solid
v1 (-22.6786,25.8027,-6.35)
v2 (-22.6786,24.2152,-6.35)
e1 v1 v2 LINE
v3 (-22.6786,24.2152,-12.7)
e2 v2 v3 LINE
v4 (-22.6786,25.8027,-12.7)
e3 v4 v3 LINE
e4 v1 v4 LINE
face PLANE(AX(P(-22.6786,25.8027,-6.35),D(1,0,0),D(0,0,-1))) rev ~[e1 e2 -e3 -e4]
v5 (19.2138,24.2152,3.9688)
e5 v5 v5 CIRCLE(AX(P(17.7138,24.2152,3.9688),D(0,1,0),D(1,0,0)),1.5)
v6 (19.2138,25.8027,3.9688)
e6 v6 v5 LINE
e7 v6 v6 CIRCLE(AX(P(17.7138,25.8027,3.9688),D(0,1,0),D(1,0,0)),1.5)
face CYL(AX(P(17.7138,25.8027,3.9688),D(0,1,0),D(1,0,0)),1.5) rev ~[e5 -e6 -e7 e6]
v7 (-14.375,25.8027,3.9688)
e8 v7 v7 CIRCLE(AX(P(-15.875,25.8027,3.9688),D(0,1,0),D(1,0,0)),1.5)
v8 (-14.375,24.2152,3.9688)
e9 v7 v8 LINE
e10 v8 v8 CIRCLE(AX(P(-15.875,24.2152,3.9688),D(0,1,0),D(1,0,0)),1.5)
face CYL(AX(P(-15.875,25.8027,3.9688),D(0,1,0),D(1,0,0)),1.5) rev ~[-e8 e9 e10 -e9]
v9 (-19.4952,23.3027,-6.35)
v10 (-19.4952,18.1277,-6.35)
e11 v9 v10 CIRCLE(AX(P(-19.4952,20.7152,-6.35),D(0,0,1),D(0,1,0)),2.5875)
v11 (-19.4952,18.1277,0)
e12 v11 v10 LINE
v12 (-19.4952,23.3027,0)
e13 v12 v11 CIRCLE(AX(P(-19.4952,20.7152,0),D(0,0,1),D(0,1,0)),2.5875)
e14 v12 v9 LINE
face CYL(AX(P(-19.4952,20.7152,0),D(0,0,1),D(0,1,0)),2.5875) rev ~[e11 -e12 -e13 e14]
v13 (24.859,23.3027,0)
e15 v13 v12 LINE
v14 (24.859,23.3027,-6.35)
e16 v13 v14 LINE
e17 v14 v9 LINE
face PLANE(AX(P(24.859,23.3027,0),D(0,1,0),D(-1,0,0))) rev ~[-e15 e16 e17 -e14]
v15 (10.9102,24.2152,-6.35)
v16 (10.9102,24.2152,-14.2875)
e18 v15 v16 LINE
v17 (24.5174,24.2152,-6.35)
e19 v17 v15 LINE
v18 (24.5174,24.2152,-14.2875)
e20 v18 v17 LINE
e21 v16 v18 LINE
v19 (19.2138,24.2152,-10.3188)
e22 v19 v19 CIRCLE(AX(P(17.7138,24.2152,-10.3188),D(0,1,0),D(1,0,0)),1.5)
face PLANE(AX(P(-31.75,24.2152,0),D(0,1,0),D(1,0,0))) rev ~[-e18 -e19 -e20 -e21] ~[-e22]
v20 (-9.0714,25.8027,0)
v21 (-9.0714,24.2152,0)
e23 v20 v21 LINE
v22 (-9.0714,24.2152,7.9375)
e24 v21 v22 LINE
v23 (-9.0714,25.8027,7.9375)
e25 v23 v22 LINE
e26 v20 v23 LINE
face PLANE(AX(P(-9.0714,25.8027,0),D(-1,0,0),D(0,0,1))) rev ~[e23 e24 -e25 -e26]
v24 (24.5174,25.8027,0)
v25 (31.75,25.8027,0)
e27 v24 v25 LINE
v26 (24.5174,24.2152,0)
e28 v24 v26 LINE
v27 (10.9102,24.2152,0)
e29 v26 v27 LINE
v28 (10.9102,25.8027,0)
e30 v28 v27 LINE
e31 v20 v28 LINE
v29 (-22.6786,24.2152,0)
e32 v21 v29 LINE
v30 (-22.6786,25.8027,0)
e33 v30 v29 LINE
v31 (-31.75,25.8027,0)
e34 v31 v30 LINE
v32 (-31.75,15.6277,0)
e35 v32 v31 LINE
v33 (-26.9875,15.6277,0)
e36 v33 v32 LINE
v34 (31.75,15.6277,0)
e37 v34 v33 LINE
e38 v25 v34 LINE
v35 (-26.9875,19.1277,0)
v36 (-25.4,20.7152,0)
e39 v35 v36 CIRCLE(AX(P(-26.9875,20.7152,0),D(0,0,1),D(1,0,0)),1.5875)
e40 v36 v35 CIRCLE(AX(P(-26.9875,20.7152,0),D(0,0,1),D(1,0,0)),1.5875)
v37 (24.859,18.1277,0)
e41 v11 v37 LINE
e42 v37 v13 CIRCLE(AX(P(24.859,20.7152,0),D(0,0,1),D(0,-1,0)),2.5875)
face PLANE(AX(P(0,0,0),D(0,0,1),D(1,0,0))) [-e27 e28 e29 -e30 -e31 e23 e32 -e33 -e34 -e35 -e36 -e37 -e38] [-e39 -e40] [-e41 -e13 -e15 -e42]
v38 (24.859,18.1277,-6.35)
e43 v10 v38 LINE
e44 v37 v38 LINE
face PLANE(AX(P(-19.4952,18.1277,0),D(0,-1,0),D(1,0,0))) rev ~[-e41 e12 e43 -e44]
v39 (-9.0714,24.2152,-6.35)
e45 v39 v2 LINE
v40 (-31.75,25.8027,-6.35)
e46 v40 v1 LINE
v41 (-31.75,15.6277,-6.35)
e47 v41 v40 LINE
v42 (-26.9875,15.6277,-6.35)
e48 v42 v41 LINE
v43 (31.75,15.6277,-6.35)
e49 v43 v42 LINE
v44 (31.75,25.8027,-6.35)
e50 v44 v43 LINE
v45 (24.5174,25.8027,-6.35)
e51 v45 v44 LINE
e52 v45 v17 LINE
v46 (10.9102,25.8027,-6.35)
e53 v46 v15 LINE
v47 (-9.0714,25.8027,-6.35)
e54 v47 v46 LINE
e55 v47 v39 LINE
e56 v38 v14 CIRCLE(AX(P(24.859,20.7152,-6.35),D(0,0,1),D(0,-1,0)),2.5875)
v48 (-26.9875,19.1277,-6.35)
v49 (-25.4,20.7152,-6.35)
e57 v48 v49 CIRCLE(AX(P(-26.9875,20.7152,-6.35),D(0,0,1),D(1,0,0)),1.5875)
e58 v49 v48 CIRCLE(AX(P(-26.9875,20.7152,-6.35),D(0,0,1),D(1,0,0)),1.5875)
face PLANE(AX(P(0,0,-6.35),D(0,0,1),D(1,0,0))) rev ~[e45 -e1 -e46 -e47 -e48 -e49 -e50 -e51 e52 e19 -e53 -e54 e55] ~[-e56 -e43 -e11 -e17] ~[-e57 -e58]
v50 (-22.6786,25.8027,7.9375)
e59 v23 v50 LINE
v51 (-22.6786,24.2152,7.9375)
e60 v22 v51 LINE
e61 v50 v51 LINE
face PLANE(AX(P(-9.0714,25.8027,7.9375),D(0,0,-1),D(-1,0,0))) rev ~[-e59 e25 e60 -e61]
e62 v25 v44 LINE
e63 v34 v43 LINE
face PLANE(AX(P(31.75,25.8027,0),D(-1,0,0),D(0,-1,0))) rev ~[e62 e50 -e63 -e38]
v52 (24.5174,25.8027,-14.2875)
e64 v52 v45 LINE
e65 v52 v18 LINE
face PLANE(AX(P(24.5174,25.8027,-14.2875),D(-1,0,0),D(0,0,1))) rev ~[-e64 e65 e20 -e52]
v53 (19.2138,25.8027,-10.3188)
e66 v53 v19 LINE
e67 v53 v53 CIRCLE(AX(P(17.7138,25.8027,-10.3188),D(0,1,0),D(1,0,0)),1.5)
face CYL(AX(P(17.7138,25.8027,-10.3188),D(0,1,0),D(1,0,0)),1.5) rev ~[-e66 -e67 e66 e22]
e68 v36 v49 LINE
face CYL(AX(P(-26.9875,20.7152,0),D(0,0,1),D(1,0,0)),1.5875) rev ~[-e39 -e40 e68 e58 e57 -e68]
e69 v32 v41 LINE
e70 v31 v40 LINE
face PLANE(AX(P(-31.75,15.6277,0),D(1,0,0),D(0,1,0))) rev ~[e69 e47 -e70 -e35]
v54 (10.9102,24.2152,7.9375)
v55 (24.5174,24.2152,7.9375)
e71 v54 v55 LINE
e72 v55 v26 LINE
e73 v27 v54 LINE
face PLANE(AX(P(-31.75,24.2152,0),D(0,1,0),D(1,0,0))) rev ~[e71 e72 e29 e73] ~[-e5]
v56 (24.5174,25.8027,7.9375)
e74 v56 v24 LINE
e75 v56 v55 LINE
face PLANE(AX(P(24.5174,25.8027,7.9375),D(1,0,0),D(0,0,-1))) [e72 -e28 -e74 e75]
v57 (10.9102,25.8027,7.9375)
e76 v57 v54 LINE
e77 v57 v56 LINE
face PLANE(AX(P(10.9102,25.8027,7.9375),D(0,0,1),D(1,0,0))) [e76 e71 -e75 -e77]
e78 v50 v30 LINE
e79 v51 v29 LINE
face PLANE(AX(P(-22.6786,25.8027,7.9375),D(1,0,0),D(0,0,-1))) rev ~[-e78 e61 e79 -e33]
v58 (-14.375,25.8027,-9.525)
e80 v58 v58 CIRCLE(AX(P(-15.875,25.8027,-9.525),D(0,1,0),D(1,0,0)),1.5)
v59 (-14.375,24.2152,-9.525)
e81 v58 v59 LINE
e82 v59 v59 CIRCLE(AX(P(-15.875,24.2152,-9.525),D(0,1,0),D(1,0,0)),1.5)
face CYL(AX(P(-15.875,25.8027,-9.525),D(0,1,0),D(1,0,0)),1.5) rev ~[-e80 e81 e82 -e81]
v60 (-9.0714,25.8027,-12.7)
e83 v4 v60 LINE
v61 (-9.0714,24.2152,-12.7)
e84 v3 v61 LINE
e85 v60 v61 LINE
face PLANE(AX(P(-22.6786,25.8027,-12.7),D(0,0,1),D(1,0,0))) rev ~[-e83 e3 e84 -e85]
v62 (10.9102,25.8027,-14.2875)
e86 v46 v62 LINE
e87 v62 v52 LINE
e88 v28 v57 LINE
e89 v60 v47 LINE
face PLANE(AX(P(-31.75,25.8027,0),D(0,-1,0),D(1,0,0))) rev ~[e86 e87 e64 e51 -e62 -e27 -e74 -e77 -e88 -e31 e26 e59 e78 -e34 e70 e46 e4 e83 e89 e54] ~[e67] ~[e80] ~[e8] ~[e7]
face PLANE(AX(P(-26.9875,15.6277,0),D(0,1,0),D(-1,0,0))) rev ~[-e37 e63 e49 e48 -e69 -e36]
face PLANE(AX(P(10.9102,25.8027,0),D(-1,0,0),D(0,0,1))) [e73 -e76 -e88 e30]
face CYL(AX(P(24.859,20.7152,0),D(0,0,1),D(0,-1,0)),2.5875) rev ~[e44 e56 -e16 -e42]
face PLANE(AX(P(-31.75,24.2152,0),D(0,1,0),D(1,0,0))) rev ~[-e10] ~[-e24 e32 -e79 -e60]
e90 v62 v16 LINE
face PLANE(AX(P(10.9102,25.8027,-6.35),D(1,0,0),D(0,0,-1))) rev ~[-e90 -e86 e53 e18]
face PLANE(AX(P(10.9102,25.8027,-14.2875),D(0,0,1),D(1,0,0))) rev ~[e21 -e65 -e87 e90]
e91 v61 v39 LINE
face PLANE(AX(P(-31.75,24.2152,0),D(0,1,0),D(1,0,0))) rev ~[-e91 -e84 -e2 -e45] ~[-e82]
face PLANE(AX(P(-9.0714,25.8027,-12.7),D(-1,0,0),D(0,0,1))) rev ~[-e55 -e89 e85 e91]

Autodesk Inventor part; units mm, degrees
ref_plane "YZ Plane" through (0, 0, 0) normal (1, 0, 0) x (0, 1, 0)
ref_plane "XZ Plane" through (0, 0, 0) normal (0, 1, 0) x (-1, 0, 0)
sketch "Sketch1" plane through (0, 0, 0) normal (0, 0, 1) x (1, 0, 0)
  line L0 (-22.235, -36.3697) -> (-22.235, -26.7755) projected
  line L1 (-22.235, -26.7755) -> (-25.9663, -26.7755) projected
  line L2 (-26.045, -26.8374) -> (-26.045, -30.1399) projected
  arc A0 (-26.045, -30.1399) -> (-26.045, -34.0927) centre (-24.7167, -32.1163) ccw projected
  line L3 (-26.045, -34.0927) -> (-26.045, -36.3697) projected
  line L4 (-26.045, -36.3697) -> (-31.75, -36.3697) projected
  line L5 (-31.75, -36.3697) -> (-31.75, -19.7975) projected
  line L6 (-31.75, -19.7975) -> (31.75, -19.7975) projected
  line L7 (31.75, -19.7975) -> (31.75, -36.3697) projected
  line L8 (31.75, -36.3697) -> (-22.235, -36.3697) projected
  line L9 (24.7167, -22.9725) -> (-19.6375, -22.9725) projected
  arc A1 (-19.6375, -22.9725) -> (-19.6375, -28.1475) centre (-19.6375, -25.56) ccw projected
  line L10 (-19.6375, -28.1475) -> (24.7167, -28.1475) projected
  arc A2 (24.7167, -28.1475) -> (24.7167, -22.9725) centre (24.7167, -25.56) ccw projected
  line L11 (-18.6822, -29.735) -> (-18.6822, -34.4975) projected
  line L12 (-18.6822, -34.4975) -> (24.7167, -34.4975) projected
  arc A3 (24.7167, -34.4975) -> (24.7167, -29.735) centre (24.7167, -32.1163) ccw projected
  line L13 (24.7167, -29.735) -> (-18.6822, -29.735) projected
  line L14 (-31.75, 25.8027) -> (31.75, 25.8027)
  line L15 (31.75, 25.8027) -> (31.75, 15.6277)
  line L16 (31.75, 15.6277) -> (-31.75, 15.6277)
  line L17 (-31.75, 15.6277) -> (-31.75, 25.8027)
  circle A4 centre (-26.9875, 20.7152) radius 1.5875
  line L18 (-26.9875, 20.7152) -> (-26.9875, 4.175)
  line L19 (-19.4952, 20.7152) -> (24.859, 20.7152) construction
  line L20 (-19.4952, 18.1277) -> (24.859, 18.1277)
  line L21 (24.859, 23.3027) -> (-19.4952, 23.3027)
  arc A5 (-19.4952, 23.3027) -> (-19.4952, 18.1277) centre (-19.4952, 20.7152) ccw
  arc A6 (24.859, 18.1277) -> (24.859, 23.3027) centre (24.859, 20.7152) ccw
  line L22 (12.1015, 23.3027) -> (12.1015, 18.1277) construction
  line L23 (12.1015, -22.9725) -> (12.1015, -28.1475) construction
  line L24 (-31.75, 20.7152) -> (-23.8125, 20.7152) construction
  arc A7 (-25.9663, -26.7755) -> (-26.045, -26.8374) centre (-26.9875, -25.56) ccw projected
  point P0 (0, 0)
  point P1 (2.6819, 20.7152)
  dimension "d0" = 2.5
  dimension "d5" = 44.3542
ref_plane "Work Plane1" through (-31.75, -10.525, -6.35) normal (0, 0, -1) x (0, 1, 0)
extrude "Extrusion1" add sketch "Sketch1" against normal up to surface (6.35 mm away) contours L14 L15 L16 L17
sketch "Sketch2" plane through (31.75, 15.6277, -6.35) normal (0, 0, -1) x (-1, 0, 0)
  point P0 (31.75, -15.6277)
sketch "Sketch3" plane through (-31.75, 25.8027, 0) normal (0, 1, 0) x (1, 0, 0)
  line L0 (0.254, -20.066) -> (0.254, 30.48) projected
  arc A0 (6.604, 36.83) -> (0.254, 30.48) centre (6.604, 30.48) ccw projected
  line L1 (6.604, 36.83) -> (57.15, 36.83) projected
  arc A1 (63.5, 30.48) -> (57.15, 36.83) centre (57.15, 30.48) ccw projected
  line L2 (63.5, -20.066) -> (63.5, 30.48) projected
  arc A2 (57.15, -26.416) -> (63.5, -20.066) centre (57.15, -20.066) ccw projected
  line L3 (6.604, -26.416) -> (57.15, -26.416) projected
  arc A3 (0.254, -20.066) -> (6.604, -26.416) centre (6.604, -20.066) ccw projected
  circle A4 centre (59.817, 30.607) radius 1.4732 projected
  circle A5 centre (3.937, 30.607) radius 1.4732 projected
  circle A6 centre (59.817, -20.193) radius 1.4732 projected
  circle A7 centre (3.937, -20.193) radius 1.4732 projected
  line L4 (63.5, 0) -> (0, 0) projected
  line L5 (0, 0) -> (63.5, 0) projected
  line L6 (9.0714, 0) -> (22.6786, 0)
  line L7 (22.6786, 0) -> (22.6786, -7.9375)
  line L8 (22.6786, -7.9375) -> (9.0714, -7.9375)
  line L9 (9.0714, -7.9375) -> (9.0714, 0)
  line L10 (63.5, 6.35) -> (0, 6.35) projected
  line L11 (22.6786, 6.35) -> (9.0714, 6.35)
  line L12 (9.0714, 6.35) -> (9.0714, 12.7)
  line L13 (9.0714, 12.7) -> (22.6786, 12.7)
  line L14 (22.6786, 12.7) -> (22.6786, 6.35)
  line L15 (56.2674, 0) -> (42.6602, 0)
  line L16 (42.6602, 0) -> (42.6602, -7.9375)
  line L17 (42.6602, -7.9375) -> (56.2674, -7.9375)
  line L18 (56.2674, -7.9375) -> (56.2674, 0)
  line L19 (0, 6.35) -> (63.5, 6.35) projected
  line L20 (56.2674, 6.35) -> (42.6602, 6.35)
  line L21 (42.6602, 6.35) -> (42.6602, 14.2875)
  line L22 (42.6602, 14.2875) -> (56.2674, 14.2875)
  line L23 (56.2674, 14.2875) -> (56.2674, 6.35)
  point P0 (31.75, 0)
extrude "Extrusion2" add sketch "Sketch3" against normal blind 1.5875 contours L4 L7 L8 L9 | L12 L13 L14 L10 | L4 L18 L17 L16 | L21 L22 L23 L10
sketch "Sketch4" plane through (-31.75, 25.8027, 0) normal (0, 1, 0) x (1, 0, 0)
  line L0 (63.5, 6.35) -> (56.2674, 6.35) projected
  line L1 (56.2674, 6.35) -> (56.2674, 14.2875) projected
  line L2 (56.2674, 14.2875) -> (42.6602, 14.2875) projected
  line L3 (42.6602, 14.2875) -> (42.6602, 6.35) projected
  line L4 (42.6602, 6.35) -> (22.6786, 6.35) projected
  line L5 (22.6786, 6.35) -> (22.6786, 12.7) projected
  line L6 (22.6786, 12.7) -> (9.0714, 12.7) projected
  line L7 (9.0714, 12.7) -> (9.0714, 6.35) projected
  line L8 (9.0714, 6.35) -> (0, 6.35) projected
  line L9 (0, 0) -> (0, 6.35) projected
  line L10 (9.0714, 0) -> (0, 0) projected
  line L11 (9.0714, 0) -> (9.0714, -7.9375) projected
  line L12 (9.0714, -7.9375) -> (22.6786, -7.9375) projected
  line L13 (22.6786, -7.9375) -> (22.6786, 0) projected
  line L14 (42.6602, 0) -> (22.6786, 0) projected
  line L15 (42.6602, 0) -> (42.6602, -7.9375) projected
  line L16 (42.6602, -7.9375) -> (56.2674, -7.9375) projected
  line L17 (56.2674, -7.9375) -> (56.2674, 0) projected
  line L18 (63.5, 0) -> (56.2674, 0) projected
  line L19 (63.5, 0) -> (63.5, 6.35) projected
  circle A0 centre (49.4638, -3.9688) radius 1.5
  circle A1 centre (49.4638, 10.3188) radius 1.5
  circle A2 centre (15.875, -3.9688) radius 1.5
  circle A3 centre (15.875, 9.525) radius 1.5
  point P0 (31.75, 0)
  dimension "d6" = 3
  dimension "d7" = 3
  dimension "d8" = 3
  dimension "d9" = 3
extrude "Extrusion3" cut sketch "Sketch4" against normal through all contours A0 | A1 | A2 | A3
properties part number "_3DPrint"
